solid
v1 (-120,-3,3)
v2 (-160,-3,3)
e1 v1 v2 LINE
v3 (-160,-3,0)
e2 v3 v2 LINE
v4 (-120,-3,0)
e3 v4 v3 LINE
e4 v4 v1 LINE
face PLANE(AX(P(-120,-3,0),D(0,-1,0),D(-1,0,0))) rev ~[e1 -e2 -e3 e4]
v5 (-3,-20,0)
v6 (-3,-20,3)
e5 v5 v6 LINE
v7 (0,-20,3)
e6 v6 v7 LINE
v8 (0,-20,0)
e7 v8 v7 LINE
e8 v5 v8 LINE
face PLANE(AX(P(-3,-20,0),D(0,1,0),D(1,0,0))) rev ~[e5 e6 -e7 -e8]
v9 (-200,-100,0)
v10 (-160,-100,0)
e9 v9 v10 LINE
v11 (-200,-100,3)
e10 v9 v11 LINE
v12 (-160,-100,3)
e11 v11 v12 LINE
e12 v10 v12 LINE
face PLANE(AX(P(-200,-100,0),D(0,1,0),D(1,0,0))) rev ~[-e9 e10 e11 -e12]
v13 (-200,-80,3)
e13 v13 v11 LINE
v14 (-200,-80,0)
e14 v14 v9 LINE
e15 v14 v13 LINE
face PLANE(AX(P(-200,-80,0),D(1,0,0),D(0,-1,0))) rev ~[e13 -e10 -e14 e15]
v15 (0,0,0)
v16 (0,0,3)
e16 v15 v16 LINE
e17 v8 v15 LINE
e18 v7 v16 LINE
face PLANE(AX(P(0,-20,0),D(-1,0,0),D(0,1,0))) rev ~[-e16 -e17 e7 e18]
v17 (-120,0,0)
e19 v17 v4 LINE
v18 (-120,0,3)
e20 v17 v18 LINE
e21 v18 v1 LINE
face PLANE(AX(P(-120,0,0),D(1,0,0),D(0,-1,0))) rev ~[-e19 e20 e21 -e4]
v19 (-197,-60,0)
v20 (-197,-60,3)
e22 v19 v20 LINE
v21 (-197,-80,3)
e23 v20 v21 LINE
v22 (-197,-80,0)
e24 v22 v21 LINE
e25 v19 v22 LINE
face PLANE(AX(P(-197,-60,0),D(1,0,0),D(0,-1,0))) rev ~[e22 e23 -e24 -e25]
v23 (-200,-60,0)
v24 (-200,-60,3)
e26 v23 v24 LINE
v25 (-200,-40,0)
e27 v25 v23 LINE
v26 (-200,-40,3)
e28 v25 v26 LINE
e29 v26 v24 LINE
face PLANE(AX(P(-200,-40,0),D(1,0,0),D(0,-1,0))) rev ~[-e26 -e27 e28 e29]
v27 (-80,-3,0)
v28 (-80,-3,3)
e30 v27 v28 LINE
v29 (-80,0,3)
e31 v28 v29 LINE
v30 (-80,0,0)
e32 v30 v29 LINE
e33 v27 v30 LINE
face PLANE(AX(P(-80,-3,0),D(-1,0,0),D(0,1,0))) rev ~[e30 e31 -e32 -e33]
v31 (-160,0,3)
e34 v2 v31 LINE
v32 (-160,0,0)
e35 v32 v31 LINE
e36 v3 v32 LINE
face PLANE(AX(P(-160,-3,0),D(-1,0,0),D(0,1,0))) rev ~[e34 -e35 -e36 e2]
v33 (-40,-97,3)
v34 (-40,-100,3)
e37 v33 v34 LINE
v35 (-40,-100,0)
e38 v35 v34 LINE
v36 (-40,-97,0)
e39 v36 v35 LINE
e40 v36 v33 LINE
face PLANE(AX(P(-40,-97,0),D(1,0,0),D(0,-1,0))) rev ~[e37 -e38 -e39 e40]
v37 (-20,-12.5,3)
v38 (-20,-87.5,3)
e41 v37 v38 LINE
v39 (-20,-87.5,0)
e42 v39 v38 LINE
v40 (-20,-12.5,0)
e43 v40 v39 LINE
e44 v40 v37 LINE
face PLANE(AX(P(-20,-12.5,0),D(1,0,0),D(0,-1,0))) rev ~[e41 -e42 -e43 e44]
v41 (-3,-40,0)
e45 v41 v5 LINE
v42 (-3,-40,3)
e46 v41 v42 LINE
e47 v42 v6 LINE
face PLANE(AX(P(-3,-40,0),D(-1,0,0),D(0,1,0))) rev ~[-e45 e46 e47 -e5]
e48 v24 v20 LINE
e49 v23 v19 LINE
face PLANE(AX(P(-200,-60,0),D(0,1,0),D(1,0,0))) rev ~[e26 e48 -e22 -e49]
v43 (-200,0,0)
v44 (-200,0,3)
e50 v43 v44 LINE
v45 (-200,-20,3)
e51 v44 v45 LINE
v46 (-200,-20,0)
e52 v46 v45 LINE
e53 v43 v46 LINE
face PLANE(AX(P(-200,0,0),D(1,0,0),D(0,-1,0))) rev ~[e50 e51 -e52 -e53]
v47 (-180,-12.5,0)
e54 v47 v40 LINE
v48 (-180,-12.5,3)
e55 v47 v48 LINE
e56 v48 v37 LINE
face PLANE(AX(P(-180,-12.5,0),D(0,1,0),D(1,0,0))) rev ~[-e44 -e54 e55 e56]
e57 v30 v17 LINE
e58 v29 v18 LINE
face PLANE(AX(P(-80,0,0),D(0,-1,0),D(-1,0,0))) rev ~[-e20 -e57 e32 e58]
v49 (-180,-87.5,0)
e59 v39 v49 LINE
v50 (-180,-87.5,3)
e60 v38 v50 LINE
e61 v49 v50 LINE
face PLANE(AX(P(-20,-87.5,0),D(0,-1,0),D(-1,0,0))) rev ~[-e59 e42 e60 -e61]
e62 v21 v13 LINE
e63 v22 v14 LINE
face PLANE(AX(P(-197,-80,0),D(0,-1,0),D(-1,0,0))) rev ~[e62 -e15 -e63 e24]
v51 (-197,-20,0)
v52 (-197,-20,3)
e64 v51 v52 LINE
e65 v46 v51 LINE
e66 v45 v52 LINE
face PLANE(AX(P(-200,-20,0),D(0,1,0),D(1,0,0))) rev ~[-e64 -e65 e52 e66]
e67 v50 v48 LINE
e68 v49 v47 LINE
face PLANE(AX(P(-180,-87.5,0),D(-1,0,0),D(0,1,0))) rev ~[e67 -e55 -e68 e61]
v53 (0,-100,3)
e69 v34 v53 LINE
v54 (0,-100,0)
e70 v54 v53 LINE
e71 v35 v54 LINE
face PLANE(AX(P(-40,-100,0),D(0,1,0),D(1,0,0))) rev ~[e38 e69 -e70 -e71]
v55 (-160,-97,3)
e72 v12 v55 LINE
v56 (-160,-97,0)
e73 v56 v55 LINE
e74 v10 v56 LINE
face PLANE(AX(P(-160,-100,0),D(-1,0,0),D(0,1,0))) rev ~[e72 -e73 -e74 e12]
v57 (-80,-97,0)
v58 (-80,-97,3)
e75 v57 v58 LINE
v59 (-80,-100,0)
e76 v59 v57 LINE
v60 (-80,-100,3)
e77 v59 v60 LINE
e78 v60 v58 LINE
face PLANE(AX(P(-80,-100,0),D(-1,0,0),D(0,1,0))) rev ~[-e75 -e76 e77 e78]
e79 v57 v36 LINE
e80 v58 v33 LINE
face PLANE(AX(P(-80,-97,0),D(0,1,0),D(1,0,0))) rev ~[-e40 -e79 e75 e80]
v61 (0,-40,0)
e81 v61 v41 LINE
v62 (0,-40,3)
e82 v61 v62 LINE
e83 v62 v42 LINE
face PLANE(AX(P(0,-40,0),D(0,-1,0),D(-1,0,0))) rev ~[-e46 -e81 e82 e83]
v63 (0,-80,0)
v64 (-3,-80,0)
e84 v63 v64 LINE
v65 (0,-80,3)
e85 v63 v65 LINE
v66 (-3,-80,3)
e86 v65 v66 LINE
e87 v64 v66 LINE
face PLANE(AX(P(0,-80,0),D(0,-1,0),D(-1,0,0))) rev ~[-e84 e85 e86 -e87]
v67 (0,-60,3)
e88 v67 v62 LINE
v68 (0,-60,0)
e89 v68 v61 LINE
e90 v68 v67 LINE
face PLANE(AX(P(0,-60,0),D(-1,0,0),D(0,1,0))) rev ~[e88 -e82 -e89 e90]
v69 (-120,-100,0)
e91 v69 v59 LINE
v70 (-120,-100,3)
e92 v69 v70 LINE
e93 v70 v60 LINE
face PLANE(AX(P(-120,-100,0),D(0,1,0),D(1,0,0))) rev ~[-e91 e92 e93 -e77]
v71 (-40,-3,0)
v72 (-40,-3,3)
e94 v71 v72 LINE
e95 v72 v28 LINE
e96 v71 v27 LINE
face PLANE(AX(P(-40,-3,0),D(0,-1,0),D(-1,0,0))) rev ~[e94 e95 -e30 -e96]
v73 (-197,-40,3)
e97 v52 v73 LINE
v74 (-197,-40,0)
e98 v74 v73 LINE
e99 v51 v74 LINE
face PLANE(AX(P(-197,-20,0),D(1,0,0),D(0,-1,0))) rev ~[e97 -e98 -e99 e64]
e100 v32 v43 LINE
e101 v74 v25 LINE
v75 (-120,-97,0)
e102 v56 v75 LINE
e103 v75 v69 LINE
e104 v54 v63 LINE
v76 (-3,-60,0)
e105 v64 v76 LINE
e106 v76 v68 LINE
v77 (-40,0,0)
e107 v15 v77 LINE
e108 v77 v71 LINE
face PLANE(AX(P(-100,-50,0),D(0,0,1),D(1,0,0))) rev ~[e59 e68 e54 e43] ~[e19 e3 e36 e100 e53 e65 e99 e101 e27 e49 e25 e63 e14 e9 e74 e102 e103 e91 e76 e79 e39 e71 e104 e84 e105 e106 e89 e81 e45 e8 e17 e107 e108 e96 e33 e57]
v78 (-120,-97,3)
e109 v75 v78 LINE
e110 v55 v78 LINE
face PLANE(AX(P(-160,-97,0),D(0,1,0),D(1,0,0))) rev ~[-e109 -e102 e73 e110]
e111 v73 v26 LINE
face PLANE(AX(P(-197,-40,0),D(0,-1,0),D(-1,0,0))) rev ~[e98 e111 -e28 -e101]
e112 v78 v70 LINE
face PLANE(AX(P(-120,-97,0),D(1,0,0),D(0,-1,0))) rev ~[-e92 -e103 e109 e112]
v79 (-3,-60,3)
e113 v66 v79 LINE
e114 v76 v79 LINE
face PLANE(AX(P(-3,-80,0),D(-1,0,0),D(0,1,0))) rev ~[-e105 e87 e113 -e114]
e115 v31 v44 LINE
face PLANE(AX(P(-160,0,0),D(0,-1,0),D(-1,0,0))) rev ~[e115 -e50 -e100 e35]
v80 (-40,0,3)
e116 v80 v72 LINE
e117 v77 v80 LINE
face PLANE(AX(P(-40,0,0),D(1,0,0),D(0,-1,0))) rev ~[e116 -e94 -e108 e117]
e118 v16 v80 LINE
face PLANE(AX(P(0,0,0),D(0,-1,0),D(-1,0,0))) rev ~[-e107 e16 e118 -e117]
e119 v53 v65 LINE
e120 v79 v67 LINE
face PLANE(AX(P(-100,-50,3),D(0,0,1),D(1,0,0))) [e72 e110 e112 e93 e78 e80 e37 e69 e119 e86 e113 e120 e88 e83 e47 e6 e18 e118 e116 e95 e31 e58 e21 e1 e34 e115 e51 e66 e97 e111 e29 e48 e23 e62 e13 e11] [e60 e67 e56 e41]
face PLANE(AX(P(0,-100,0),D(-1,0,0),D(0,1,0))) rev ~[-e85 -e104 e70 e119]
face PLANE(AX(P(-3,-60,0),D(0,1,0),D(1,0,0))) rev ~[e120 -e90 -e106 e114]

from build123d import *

# Parameters (mm, degrees)
F1_DEPTH = 3


with BuildPart() as f1:
    # F0 (on Top) → F1 (new body)
    with BuildSketch(Plane.XY):
        Polygon((0, -20), (0, 0), (-40, 0), (-40, -3), (-80, -3), (-80, 0), (-120, 0), (-120, -3), (-160, -3), (-160, 0), (-200, 0), (-200, -20), (-197, -20), (-197, -40), (-200, -40), (-200, -60), (-197, -60), (-197, -80), (-200, -80), (-200, -100), (-160, -100), (-160, -97), (-120, -97), (-120, -100), (-80, -100), (-80, -97), (-40, -97), (-40, -100), (0, -100), (0, -80), (-3, -80), (-3, -60), (0, -60), (0, -40), (-3, -40), (-3, -20), align=None)
        Polygon((-180, -12.5), (-100, -12.5), (-20, -12.5), (-20, -87.5), (-180, -87.5), align=None, mode=Mode.SUBTRACT)
    extrude(amount=F1_DEPTH)


solid = f1.part
